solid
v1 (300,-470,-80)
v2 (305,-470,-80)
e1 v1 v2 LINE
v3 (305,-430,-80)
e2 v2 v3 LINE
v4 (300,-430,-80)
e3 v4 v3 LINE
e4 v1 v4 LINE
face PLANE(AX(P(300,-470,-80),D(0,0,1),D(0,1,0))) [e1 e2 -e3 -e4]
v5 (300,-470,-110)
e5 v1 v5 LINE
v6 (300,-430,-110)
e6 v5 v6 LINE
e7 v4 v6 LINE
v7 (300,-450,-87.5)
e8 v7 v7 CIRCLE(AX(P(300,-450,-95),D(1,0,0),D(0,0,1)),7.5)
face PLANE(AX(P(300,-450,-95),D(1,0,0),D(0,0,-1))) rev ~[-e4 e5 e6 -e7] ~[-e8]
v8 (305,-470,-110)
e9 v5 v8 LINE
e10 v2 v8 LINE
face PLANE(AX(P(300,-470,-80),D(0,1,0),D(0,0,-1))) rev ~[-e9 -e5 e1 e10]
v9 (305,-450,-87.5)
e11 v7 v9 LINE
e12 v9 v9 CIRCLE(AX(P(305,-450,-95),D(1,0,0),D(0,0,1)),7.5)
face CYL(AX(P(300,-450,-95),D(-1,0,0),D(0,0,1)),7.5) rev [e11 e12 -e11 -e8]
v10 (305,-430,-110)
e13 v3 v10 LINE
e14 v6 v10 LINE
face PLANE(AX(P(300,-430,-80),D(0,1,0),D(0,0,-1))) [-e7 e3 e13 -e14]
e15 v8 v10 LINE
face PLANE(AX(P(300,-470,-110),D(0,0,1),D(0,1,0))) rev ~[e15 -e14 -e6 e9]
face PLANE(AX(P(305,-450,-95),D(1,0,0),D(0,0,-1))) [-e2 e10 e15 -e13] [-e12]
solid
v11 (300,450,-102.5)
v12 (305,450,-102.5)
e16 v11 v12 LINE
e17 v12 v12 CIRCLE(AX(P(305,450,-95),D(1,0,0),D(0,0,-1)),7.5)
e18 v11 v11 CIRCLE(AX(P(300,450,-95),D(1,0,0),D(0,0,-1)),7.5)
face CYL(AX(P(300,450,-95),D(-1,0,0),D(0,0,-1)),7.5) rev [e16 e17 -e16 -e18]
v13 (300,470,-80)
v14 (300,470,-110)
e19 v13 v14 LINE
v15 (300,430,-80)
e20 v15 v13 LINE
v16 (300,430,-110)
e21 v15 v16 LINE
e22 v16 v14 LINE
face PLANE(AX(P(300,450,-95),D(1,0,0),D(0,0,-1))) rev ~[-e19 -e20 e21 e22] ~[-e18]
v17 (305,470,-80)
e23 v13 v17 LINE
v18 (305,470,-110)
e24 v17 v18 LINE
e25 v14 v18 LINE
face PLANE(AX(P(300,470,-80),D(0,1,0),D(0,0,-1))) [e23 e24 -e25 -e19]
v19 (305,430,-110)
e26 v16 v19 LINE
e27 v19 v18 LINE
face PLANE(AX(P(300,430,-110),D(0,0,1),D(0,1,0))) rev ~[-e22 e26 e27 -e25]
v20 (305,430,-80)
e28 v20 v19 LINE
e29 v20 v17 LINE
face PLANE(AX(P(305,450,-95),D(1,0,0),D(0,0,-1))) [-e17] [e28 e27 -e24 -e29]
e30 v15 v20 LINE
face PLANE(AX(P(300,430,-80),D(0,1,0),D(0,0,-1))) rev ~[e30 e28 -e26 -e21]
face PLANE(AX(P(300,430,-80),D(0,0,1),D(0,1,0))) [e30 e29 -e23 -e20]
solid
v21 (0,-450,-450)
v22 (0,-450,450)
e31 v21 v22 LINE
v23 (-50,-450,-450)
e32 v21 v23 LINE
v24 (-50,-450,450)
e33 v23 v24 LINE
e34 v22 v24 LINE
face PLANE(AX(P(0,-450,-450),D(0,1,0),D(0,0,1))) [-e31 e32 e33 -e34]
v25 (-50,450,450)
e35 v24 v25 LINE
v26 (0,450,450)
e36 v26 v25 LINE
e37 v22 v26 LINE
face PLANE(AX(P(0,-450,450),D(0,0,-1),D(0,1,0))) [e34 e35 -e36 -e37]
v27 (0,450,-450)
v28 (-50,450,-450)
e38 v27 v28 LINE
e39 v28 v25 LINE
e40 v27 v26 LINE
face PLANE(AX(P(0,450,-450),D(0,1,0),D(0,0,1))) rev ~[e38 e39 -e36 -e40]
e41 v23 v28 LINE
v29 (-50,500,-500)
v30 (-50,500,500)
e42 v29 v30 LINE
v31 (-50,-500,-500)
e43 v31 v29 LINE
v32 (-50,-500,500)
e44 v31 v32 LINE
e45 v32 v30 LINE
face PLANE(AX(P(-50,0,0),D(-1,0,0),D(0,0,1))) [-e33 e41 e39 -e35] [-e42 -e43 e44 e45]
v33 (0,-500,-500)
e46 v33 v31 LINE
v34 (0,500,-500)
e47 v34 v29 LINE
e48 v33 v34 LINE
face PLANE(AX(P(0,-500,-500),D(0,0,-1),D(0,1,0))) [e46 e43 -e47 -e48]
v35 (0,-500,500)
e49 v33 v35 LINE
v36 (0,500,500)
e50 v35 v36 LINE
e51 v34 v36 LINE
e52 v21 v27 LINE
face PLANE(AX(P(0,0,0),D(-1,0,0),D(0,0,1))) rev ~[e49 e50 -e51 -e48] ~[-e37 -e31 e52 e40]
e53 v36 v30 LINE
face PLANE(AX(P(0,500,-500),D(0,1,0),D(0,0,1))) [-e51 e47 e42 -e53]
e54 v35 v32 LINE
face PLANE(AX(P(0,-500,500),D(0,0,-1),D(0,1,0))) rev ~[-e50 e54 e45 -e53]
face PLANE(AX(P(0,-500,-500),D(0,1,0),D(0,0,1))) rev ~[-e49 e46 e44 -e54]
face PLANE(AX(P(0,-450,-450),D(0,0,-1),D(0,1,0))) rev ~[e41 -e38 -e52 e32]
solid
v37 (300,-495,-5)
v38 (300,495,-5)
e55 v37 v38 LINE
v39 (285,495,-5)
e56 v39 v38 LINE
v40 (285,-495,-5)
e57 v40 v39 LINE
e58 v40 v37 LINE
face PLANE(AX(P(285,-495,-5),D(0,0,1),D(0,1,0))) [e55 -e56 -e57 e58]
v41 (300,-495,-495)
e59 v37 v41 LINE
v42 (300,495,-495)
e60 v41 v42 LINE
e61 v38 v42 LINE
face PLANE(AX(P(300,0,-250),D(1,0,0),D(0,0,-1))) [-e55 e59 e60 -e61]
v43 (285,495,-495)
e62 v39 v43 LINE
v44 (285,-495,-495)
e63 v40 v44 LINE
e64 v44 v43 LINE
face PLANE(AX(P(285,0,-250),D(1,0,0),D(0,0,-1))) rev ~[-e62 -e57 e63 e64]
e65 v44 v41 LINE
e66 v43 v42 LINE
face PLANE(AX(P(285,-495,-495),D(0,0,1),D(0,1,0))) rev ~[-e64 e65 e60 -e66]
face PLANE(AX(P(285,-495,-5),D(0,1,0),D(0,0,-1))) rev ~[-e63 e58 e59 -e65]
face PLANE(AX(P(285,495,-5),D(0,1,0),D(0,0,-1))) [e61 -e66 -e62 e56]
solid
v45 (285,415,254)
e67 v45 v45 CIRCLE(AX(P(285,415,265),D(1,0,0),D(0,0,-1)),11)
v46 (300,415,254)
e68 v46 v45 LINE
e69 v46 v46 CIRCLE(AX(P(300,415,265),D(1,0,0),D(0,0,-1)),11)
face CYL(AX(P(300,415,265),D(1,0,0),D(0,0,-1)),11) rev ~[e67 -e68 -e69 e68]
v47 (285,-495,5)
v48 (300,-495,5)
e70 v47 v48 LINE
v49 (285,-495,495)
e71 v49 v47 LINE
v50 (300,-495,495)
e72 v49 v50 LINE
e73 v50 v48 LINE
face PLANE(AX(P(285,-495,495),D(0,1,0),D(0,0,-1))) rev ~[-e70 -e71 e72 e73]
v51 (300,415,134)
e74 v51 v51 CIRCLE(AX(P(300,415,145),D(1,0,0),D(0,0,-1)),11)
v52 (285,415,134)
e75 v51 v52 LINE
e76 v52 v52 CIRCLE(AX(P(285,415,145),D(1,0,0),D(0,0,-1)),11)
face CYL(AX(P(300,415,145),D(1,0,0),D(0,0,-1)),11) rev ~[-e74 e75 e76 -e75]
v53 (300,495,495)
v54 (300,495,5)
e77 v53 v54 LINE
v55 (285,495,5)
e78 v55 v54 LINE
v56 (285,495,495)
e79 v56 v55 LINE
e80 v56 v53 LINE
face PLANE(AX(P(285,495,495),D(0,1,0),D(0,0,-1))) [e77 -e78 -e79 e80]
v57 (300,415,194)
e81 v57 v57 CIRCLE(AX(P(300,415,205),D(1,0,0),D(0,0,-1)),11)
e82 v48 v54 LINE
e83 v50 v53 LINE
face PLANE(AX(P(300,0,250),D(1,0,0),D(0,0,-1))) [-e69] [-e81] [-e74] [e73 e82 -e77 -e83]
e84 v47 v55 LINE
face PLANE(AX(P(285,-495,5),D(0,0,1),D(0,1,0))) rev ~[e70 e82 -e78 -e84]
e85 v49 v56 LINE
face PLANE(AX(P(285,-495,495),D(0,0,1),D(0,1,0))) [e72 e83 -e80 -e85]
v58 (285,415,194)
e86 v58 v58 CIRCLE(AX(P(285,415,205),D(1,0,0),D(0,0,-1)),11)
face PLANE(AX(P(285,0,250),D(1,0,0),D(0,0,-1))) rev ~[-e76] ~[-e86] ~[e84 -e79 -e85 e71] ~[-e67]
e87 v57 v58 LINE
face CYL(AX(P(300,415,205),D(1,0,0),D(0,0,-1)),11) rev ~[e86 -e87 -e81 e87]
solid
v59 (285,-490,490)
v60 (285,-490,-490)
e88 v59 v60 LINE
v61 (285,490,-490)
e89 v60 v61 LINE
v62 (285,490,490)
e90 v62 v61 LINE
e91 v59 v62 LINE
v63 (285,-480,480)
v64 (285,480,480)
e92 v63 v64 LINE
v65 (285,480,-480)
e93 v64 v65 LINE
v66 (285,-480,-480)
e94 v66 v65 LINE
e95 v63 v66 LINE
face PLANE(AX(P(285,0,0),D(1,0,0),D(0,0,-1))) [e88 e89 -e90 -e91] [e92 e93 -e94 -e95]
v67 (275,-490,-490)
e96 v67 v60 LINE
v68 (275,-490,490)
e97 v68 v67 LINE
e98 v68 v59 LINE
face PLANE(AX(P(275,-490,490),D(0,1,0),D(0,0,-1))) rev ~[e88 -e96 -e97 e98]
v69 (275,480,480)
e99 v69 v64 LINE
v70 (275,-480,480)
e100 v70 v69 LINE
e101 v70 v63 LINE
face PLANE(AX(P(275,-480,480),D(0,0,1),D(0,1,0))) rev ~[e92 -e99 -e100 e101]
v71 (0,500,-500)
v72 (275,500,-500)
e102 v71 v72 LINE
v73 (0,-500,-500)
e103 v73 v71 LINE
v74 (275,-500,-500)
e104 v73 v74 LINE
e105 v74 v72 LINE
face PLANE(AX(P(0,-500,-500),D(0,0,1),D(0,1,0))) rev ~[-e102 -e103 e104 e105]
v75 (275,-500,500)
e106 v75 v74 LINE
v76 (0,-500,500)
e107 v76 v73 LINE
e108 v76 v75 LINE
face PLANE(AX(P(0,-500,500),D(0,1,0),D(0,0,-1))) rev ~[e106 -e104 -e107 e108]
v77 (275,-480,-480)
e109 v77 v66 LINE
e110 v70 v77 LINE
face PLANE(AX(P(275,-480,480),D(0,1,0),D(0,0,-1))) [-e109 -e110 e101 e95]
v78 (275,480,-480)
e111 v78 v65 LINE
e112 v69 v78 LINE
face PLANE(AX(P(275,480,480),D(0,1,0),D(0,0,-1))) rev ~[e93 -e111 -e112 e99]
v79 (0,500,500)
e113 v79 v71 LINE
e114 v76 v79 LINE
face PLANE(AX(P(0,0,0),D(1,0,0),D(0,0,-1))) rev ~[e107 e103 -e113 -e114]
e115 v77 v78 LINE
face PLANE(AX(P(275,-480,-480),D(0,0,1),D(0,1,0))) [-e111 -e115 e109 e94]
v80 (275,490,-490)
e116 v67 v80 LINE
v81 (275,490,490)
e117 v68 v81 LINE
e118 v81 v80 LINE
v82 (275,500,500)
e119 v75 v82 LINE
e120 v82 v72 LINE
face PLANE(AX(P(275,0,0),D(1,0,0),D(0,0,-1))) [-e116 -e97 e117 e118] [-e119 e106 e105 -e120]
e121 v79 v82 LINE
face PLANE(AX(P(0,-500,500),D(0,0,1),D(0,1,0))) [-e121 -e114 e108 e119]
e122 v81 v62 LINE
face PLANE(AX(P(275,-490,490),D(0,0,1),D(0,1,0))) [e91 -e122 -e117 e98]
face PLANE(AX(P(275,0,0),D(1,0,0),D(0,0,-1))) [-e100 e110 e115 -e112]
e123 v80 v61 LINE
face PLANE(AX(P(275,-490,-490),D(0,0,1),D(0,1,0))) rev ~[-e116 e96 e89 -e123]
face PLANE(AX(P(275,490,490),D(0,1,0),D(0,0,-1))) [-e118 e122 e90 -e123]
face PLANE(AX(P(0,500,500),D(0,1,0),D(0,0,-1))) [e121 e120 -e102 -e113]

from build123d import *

# Parameters (mm, degrees)
SKETCH1_W             = 1000
SKETCH1_H             = 1000
BOSS_EXTRUDE1_DEPTH   = 275
BOSS_EXTRUDE2_START   = 10
SKETCH2_W             = 490
SKETCH2_H             = 990
BOSS_EXTRUDE2_DEPTH   = 15
BOSS_EXTRUDE2_2_DEPTH = 15
SKETCH3_W             = 980
SKETCH3_H             = 980
SKETCH3_W_2           = 960
SKETCH3_H_2           = 960
BOSS_EXTRUDE3_DEPTH   = 10
SKETCH4_W             = 1000
SKETCH4_H             = 1000
SKETCH4_W_2           = 900
SKETCH4_H_2           = 900
BOSS_EXTRUDE4_DEPTH   = 50
SKETCH5_R             = 11
CUT_EXTRUDE1_DEPTH    = 25
SKETCH6_W             = 30
SKETCH6_H             = 40
SKETCH6_R             = 7.5
BOSS_EXTRUDE5_DEPTH   = 5
BOSS_EXTRUDE5_2_DEPTH = 5


with BuildPart() as part:
    # Sketch1 → Boss-Extrude1 (new body)
    with BuildSketch(Plane(origin=(0, 0, 0), x_dir=(0, 0, -1), z_dir=(1, 0, 0))):
        Rectangle(SKETCH1_W, SKETCH1_H)
    extrude(amount=BOSS_EXTRUDE1_DEPTH)

    # Sketch3 → Boss-Extrude3 (add)
    with BuildSketch(Plane(origin=(275, 0, 0), x_dir=(0, 0, -1), z_dir=(1, 0, 0))):
        Rectangle(SKETCH3_W, SKETCH3_H)
        Rectangle(SKETCH3_W_2, SKETCH3_H_2, mode=Mode.SUBTRACT)
    extrude(amount=BOSS_EXTRUDE3_DEPTH)


with BuildPart() as body_2:
    # Sketch2 → Boss-Extrude2 (new body)
    with BuildSketch(Plane(origin=(275, 0, 0), x_dir=(0, 0, -1), z_dir=(1, 0, 0)).offset(BOSS_EXTRUDE2_START)):
        with Locations((-250, 0)):
            Rectangle(SKETCH2_W, SKETCH2_H)
    extrude(amount=BOSS_EXTRUDE2_DEPTH)

    # Sketch5 → Cut-Extrude1 (cut)
    with BuildSketch(Plane(origin=(300, 0, 0), x_dir=(0, 0, -1), z_dir=(1, 0, 0))):
        with Locations((-265, 415)):
            Circle(SKETCH5_R)
        with Locations((-205, 415)):
            Circle(SKETCH5_R)
        with Locations((-145, 415)):
            Circle(SKETCH5_R)
    extrude(amount=-CUT_EXTRUDE1_DEPTH, mode=Mode.SUBTRACT)


with BuildPart() as body_3:
    # Sketch2 → Boss-Extrude2 2 (new body)
    with BuildSketch(Plane(origin=(275, 0, 0), x_dir=(0, 0, -1), z_dir=(1, 0, 0)).offset(BOSS_EXTRUDE2_START)):
        with Locations((250, 0)):
            Rectangle(SKETCH2_W, SKETCH2_H)
    extrude(amount=BOSS_EXTRUDE2_2_DEPTH)


with BuildPart() as body_4:
    # Sketch4 → Boss-Extrude4 (new body)
    with BuildSketch(Plane.ZY):
        Rectangle(SKETCH4_W, SKETCH4_H)
        Rectangle(SKETCH4_W_2, SKETCH4_H_2, mode=Mode.SUBTRACT)
    extrude(amount=BOSS_EXTRUDE4_DEPTH)


with BuildPart() as body_5:
    # Sketch6 → Boss-Extrude5 (new body)
    with BuildSketch(Plane(origin=(300, 0, 0), x_dir=(0, 0, -1), z_dir=(1, 0, 0))):
        with Locations((95, 450)):
            Rectangle(SKETCH6_W, SKETCH6_H)
        with Locations((95, 450)):
            Circle(SKETCH6_R, mode=Mode.SUBTRACT)
    extrude(amount=BOSS_EXTRUDE5_DEPTH)


with BuildPart() as body_6:
    # Sketch6 → Boss-Extrude5 2 (new body)
    with BuildSketch(Plane(origin=(300, 0, 0), x_dir=(0, 0, -1), z_dir=(1, 0, 0))):
        with Locations((95, -450)):
            Rectangle(SKETCH6_W, SKETCH6_H)
        with Locations(Location((95, -450, 0), (0, 0, 180))):
            Circle(SKETCH6_R, mode=Mode.SUBTRACT)
    extrude(amount=BOSS_EXTRUDE5_2_DEPTH)


solid = Compound([part.part, body_2.part, body_3.part, body_4.part, body_5.part, body_6.part])
